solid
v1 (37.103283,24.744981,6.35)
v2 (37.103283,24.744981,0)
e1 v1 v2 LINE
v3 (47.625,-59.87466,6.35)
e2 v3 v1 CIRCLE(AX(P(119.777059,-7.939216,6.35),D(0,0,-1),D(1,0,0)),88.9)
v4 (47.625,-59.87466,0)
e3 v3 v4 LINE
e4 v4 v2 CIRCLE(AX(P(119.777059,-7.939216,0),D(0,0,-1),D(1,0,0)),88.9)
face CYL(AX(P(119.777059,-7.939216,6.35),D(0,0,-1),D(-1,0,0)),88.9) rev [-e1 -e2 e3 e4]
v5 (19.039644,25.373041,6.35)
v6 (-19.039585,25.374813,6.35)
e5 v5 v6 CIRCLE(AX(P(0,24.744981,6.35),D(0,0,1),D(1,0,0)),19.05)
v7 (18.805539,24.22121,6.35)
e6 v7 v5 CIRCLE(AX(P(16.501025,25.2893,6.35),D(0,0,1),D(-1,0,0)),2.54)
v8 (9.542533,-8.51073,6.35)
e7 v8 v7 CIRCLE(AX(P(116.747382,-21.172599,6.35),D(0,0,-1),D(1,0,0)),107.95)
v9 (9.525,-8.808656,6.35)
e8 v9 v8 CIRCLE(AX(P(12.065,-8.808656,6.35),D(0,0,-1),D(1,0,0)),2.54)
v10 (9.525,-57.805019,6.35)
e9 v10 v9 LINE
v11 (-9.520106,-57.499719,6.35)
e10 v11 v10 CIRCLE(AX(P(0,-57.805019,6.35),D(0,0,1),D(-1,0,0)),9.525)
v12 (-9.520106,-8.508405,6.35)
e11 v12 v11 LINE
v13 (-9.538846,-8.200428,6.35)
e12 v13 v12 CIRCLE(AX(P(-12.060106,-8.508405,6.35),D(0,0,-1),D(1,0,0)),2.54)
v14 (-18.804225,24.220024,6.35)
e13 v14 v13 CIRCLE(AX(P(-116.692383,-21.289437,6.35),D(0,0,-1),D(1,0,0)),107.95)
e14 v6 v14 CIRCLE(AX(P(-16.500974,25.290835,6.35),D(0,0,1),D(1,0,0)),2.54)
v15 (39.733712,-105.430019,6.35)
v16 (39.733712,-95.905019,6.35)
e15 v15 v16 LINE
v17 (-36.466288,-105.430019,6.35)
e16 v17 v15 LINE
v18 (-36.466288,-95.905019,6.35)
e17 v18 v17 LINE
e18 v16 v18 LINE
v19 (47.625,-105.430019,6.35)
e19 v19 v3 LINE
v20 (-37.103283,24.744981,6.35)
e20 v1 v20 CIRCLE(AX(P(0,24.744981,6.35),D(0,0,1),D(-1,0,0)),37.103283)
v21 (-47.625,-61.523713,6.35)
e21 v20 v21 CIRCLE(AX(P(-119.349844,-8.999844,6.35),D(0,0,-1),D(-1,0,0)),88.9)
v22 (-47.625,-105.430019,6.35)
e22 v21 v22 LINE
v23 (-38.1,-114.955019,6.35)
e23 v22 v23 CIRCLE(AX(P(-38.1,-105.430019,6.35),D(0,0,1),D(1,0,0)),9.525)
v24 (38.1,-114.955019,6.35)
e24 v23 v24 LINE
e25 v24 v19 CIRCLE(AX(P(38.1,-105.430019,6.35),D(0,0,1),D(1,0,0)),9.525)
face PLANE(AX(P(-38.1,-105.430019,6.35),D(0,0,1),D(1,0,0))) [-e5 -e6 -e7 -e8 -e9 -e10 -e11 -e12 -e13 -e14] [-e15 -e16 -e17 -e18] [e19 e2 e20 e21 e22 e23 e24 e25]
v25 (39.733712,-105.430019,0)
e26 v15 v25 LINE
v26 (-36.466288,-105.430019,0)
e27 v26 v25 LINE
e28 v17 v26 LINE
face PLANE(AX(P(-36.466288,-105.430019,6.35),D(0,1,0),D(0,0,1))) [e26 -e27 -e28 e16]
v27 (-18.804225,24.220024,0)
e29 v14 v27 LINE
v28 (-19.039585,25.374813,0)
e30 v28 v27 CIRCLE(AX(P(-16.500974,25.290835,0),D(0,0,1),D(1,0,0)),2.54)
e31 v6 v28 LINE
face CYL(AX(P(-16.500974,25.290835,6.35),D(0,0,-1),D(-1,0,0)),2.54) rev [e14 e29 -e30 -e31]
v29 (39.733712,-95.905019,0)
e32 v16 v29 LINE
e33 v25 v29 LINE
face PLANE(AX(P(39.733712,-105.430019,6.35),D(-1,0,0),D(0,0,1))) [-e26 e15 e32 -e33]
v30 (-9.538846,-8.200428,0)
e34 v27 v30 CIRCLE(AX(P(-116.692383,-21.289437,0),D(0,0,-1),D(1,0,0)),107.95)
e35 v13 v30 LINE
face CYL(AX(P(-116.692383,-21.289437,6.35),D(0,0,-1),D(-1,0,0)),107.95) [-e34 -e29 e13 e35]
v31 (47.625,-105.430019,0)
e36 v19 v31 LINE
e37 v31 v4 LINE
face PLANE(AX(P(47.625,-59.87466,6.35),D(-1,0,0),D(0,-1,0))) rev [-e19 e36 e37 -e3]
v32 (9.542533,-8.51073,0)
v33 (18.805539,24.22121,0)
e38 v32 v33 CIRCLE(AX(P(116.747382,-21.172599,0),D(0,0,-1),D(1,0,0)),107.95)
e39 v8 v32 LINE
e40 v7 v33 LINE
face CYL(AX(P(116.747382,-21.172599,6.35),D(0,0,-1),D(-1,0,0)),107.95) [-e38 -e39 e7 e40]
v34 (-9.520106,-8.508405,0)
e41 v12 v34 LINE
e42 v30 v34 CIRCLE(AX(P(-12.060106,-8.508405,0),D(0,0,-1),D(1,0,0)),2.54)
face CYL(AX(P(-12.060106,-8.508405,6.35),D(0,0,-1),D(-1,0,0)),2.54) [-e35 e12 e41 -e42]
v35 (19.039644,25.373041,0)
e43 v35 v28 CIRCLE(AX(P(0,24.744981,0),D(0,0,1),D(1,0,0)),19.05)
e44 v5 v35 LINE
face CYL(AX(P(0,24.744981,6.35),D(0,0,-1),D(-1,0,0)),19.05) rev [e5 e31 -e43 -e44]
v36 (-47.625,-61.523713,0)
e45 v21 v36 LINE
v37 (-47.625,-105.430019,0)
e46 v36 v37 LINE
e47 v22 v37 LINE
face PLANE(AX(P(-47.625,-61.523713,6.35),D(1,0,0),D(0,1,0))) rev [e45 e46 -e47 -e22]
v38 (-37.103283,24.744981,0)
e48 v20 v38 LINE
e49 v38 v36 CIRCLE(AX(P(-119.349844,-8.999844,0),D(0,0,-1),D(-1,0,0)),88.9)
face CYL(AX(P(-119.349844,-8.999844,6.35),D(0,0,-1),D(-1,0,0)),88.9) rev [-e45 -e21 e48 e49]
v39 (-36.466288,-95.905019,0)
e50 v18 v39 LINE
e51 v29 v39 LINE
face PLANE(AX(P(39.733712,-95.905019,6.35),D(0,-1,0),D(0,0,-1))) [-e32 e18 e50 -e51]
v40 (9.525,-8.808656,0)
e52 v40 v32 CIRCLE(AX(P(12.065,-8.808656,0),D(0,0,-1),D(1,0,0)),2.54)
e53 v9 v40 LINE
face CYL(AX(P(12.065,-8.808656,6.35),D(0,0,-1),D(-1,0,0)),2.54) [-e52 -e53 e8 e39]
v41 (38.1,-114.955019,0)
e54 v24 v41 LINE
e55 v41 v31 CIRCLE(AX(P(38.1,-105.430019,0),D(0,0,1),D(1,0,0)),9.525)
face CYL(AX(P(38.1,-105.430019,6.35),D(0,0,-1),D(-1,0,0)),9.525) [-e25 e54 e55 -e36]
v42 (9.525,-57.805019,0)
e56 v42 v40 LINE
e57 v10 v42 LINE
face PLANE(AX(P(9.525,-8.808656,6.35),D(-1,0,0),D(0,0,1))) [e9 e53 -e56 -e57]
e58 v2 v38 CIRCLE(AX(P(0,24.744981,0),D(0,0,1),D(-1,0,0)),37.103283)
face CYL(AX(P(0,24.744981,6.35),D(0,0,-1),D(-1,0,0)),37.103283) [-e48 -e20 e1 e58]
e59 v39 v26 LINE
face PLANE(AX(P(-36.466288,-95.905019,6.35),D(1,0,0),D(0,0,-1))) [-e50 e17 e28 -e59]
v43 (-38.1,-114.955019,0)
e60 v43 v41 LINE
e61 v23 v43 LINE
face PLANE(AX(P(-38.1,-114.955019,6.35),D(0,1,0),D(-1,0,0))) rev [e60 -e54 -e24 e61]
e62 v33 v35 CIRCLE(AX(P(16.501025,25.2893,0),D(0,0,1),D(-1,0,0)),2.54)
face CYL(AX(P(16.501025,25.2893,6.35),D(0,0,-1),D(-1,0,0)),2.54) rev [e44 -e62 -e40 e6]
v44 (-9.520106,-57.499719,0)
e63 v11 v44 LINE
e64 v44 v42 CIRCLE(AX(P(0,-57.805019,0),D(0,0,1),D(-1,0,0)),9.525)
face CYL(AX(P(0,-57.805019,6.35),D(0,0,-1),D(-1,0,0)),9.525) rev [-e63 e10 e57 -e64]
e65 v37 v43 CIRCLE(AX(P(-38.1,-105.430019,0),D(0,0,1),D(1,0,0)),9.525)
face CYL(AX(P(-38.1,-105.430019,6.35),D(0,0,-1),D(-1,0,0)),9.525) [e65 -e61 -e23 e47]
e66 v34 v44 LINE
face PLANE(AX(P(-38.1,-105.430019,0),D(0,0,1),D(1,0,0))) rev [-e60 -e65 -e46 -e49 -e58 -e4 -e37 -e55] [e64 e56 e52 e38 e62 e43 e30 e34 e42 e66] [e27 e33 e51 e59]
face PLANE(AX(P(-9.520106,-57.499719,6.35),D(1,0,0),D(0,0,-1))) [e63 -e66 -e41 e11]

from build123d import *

# Parameters (mm, degrees)
SKETCH1_W      = 76.2
SKETCH1_H      = 9.525
EXTRUDE1_DEPTH = 6.35


with BuildPart() as part:
    # Sketch1 → Extrude1 (new body)
    with BuildSketch(Plane.XY):
        with BuildLine():
            Line((47.625, -59.874659688), (47.625, -105.430018939))
            ThreePointArc((47.625, -105.430018939), (44.835192091, -112.16521103), (38.1, -114.955018939))
            Line((38.1, -114.955018939), (-38.1, -114.955018939))
            ThreePointArc((-38.1, -114.955018939), (-44.835192091, -112.16521103), (-47.625, -105.430018939))
            Line((-47.625, -105.430018939), (-47.625, -61.523712718))
            ThreePointArc((-47.625, -61.523712718), (-31.103765958, -19.76273177), (-37.103282828, 24.744981061))
            ThreePointArc((-37.103282828, 24.744981061), (0, 61.848263889), (37.103282828, 24.744981061))
            ThreePointArc((37.103282828, 24.744981061), (31.556422492, -18.908685267), (47.625, -59.874659688))
        make_face()
        with BuildLine():
            Line((-9.520105929, -57.499718912), (-9.520105929, -8.508405033))
            ThreePointArc((-9.520105929, -8.508405033), (-9.524795338, -8.354131878), (-9.538846249, -8.200428368))
            ThreePointArc((-9.538846249, -8.200428368), (-12.897895618, 8.373789137), (-18.804224779, 24.220024477))
            ThreePointArc((-18.804224779, 24.220024477), (-18.98980734, 24.783579345), (-19.039585391, 25.374812905))
            ThreePointArc((-19.039585391, 25.374812905), (0.000886222, 43.79498104), (19.039643909, 25.373041427))
            ThreePointArc((19.039643909, 25.373041427), (18.990133662, 24.783398196), (18.805538674, 24.221210421))
            ThreePointArc((18.805538674, 24.221210421), (12.876614575, 8.222405207), (9.542532972, -8.510729859))
            ThreePointArc((9.542532972, -8.510729859), (9.529387032, -8.65943529), (9.525, -8.808656182))
            Line((9.525, -8.808656182), (9.525, -57.805018939))
            ThreePointArc((9.525, -57.805018939), (-0.152669626, -67.328795343), (-9.520105929, -57.499718912))
        make_face(mode=Mode.SUBTRACT)
        with Locations((1.633712121, -100.667518939)):
            Rectangle(SKETCH1_W, SKETCH1_H, mode=Mode.SUBTRACT)
    extrude(amount=EXTRUDE1_DEPTH)


solid = part.part
